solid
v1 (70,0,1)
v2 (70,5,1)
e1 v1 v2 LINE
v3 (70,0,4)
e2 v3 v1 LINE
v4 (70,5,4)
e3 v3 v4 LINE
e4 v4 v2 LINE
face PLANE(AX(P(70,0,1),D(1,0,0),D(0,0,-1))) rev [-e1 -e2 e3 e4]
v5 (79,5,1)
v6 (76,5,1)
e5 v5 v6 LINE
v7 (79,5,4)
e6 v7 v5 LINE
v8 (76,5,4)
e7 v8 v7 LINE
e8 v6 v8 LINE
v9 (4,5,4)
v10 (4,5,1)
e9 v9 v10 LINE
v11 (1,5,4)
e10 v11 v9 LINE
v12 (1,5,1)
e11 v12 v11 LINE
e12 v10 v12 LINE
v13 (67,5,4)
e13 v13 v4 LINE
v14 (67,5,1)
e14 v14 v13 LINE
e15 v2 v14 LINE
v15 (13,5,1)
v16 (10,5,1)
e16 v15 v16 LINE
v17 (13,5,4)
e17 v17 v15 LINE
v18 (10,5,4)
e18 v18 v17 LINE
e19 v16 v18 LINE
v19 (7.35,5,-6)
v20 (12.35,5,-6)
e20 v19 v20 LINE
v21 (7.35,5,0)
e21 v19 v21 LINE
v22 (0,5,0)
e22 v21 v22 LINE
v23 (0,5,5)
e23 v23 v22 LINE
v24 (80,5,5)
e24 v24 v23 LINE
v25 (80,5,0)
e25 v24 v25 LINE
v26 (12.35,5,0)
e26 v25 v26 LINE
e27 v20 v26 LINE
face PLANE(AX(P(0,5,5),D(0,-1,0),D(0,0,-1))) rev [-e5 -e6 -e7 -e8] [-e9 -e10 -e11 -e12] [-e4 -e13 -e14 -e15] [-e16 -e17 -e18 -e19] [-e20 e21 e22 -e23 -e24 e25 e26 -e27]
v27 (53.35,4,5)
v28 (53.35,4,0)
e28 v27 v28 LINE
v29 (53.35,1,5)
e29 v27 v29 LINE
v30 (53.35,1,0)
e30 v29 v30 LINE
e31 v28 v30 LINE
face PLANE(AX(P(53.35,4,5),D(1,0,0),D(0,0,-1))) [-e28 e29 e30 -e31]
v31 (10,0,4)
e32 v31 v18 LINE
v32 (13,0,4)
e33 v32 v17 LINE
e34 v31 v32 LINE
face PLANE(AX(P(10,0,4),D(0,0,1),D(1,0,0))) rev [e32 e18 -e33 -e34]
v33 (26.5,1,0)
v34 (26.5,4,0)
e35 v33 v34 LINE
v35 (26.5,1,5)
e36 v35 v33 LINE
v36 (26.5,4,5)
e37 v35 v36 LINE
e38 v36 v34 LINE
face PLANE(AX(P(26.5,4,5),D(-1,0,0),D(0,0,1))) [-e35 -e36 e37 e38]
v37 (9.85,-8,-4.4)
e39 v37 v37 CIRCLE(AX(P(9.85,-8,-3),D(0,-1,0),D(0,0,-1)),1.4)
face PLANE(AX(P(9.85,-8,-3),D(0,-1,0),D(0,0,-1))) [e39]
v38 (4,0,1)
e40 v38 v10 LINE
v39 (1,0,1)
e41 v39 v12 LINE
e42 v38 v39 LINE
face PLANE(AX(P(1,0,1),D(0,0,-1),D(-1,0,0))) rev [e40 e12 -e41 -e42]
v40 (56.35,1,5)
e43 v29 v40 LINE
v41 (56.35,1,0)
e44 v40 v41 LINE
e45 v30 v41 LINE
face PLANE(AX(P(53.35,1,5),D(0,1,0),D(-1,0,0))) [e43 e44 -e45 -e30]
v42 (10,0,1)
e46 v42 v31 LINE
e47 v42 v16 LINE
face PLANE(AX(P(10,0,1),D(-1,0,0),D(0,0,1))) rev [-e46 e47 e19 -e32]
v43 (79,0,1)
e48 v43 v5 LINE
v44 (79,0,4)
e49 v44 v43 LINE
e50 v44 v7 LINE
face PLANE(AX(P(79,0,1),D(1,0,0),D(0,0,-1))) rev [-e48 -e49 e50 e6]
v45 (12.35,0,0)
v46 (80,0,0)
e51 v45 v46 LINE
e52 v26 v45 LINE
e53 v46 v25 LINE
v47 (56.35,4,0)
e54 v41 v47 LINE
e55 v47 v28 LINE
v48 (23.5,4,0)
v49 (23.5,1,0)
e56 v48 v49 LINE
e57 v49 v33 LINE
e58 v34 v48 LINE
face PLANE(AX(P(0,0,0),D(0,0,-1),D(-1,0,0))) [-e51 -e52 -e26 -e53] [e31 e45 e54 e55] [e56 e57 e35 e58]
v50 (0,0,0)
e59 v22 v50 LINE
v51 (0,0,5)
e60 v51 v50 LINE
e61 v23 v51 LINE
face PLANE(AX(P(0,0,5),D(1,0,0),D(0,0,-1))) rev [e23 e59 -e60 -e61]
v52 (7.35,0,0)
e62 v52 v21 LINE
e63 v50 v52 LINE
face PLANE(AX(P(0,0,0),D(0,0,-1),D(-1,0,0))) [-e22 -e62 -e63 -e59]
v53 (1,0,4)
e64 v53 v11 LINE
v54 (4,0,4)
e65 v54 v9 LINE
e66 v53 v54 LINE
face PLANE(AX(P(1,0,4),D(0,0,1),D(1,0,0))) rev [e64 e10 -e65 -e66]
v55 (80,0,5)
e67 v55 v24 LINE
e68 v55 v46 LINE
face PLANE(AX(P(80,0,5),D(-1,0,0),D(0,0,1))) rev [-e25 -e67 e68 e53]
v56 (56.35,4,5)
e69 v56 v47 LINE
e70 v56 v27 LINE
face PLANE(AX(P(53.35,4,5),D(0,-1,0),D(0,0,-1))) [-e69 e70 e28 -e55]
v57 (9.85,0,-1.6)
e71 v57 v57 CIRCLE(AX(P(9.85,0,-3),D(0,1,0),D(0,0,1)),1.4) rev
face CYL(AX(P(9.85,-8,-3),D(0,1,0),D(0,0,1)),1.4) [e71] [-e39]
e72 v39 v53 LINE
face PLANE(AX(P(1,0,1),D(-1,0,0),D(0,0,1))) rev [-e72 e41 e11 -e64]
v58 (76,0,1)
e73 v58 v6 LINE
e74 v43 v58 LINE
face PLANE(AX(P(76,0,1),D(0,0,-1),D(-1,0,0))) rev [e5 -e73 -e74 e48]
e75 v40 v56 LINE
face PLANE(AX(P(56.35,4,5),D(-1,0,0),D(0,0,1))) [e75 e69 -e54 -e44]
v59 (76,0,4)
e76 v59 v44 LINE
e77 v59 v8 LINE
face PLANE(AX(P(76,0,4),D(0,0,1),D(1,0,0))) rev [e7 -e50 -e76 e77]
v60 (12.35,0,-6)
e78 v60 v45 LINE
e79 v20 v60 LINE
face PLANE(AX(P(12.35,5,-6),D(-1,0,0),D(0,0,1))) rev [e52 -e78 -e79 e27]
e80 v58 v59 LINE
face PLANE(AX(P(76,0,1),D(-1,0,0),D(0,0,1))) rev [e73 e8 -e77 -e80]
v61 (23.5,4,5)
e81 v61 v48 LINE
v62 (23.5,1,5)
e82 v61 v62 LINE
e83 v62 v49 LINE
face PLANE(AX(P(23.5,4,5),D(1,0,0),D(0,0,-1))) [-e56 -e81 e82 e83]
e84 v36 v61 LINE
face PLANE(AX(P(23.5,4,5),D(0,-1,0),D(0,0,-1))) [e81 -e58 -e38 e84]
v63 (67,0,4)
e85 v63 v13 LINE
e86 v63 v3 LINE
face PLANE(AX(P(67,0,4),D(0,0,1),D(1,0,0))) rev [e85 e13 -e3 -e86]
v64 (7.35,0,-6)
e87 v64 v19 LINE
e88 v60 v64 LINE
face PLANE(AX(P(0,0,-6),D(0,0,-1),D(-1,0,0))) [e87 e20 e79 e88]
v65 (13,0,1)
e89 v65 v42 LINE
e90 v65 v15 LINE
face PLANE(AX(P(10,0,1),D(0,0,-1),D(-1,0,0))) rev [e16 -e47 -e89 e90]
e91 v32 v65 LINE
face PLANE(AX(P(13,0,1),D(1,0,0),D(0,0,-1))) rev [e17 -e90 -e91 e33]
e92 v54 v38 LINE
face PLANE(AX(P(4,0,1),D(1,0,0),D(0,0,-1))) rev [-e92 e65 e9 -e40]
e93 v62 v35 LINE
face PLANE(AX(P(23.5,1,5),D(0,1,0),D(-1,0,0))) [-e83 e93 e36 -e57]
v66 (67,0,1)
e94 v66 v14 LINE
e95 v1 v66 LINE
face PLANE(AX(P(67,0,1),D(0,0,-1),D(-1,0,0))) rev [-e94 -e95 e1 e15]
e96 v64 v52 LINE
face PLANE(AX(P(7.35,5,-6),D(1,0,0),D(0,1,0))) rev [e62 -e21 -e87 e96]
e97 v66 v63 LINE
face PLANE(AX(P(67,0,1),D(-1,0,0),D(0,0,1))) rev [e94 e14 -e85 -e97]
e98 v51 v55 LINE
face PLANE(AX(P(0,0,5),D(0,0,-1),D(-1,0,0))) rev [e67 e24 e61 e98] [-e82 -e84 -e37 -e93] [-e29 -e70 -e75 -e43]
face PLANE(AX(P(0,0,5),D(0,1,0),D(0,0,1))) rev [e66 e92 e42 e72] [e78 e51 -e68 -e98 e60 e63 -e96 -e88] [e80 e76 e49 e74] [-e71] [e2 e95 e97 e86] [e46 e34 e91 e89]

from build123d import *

# Parameters (mm, degrees)
SKETCH1_W           = 80
SKETCH1_H           = 5
SKETCH1_W_2         = 3
SKETCH1_H_2         = 3
BOSS_EXTRUDE1_DEPTH = 5
SKETCH2_W           = 3
SKETCH2_H           = 3
CUT_EXTRUDE1_DEPTH  = 5
SKETCH3_W           = 5
SKETCH3_H           = 5
BOSS_EXTRUDE2_DEPTH = 6
SKETCH4_R           = 1.4
BOSS_EXTRUDE3_DEPTH = 8


with BuildPart() as part:
    # Sketch1 → Boss-Extrude1 (new body)
    with BuildSketch(Plane.XY):
        with Locations((40, 2.5)):
            Rectangle(SKETCH1_W, SKETCH1_H)
        with Locations((54.85, 2.5)):
            Rectangle(SKETCH1_W_2, SKETCH1_H_2, mode=Mode.SUBTRACT)
        with Locations((25, 2.5)):
            Rectangle(SKETCH1_W_2, SKETCH1_H_2, mode=Mode.SUBTRACT)
    extrude(amount=BOSS_EXTRUDE1_DEPTH)

    # Sketch2 → Cut-Extrude1 (cut)
    with BuildSketch(Plane(origin=(0, 5, 0), x_dir=(1, 0, 0), z_dir=(0, 1, 0))):
        with Locations((77.5, -2.5)):
            Rectangle(SKETCH2_W, SKETCH2_H)
        with Locations((2.5, -2.5)):
            Rectangle(SKETCH2_W, SKETCH2_H)
        with Locations((11.5, -2.5)):
            Rectangle(SKETCH2_W, SKETCH2_H)
        with Locations((68.5, -2.5)):
            Rectangle(SKETCH2_W, SKETCH2_H)
    extrude(amount=-CUT_EXTRUDE1_DEPTH, mode=Mode.SUBTRACT)

    # Sketch3 → Boss-Extrude2 (add)
    with BuildSketch(Plane(origin=(0, 0, 0), x_dir=(-1, 0, 0), z_dir=(0, 0, -1))):
        with Locations((-9.85, 2.5)):
            Rectangle(SKETCH3_W, SKETCH3_H)
    extrude(amount=BOSS_EXTRUDE2_DEPTH)

    # Sketch4 → Boss-Extrude3 (add)
    with BuildSketch(Plane.XZ):
        with Locations(Location((9.85, -3, 0), (0, 0, 90))):
            Circle(SKETCH4_R)
    extrude(amount=BOSS_EXTRUDE3_DEPTH)


solid = part.part
